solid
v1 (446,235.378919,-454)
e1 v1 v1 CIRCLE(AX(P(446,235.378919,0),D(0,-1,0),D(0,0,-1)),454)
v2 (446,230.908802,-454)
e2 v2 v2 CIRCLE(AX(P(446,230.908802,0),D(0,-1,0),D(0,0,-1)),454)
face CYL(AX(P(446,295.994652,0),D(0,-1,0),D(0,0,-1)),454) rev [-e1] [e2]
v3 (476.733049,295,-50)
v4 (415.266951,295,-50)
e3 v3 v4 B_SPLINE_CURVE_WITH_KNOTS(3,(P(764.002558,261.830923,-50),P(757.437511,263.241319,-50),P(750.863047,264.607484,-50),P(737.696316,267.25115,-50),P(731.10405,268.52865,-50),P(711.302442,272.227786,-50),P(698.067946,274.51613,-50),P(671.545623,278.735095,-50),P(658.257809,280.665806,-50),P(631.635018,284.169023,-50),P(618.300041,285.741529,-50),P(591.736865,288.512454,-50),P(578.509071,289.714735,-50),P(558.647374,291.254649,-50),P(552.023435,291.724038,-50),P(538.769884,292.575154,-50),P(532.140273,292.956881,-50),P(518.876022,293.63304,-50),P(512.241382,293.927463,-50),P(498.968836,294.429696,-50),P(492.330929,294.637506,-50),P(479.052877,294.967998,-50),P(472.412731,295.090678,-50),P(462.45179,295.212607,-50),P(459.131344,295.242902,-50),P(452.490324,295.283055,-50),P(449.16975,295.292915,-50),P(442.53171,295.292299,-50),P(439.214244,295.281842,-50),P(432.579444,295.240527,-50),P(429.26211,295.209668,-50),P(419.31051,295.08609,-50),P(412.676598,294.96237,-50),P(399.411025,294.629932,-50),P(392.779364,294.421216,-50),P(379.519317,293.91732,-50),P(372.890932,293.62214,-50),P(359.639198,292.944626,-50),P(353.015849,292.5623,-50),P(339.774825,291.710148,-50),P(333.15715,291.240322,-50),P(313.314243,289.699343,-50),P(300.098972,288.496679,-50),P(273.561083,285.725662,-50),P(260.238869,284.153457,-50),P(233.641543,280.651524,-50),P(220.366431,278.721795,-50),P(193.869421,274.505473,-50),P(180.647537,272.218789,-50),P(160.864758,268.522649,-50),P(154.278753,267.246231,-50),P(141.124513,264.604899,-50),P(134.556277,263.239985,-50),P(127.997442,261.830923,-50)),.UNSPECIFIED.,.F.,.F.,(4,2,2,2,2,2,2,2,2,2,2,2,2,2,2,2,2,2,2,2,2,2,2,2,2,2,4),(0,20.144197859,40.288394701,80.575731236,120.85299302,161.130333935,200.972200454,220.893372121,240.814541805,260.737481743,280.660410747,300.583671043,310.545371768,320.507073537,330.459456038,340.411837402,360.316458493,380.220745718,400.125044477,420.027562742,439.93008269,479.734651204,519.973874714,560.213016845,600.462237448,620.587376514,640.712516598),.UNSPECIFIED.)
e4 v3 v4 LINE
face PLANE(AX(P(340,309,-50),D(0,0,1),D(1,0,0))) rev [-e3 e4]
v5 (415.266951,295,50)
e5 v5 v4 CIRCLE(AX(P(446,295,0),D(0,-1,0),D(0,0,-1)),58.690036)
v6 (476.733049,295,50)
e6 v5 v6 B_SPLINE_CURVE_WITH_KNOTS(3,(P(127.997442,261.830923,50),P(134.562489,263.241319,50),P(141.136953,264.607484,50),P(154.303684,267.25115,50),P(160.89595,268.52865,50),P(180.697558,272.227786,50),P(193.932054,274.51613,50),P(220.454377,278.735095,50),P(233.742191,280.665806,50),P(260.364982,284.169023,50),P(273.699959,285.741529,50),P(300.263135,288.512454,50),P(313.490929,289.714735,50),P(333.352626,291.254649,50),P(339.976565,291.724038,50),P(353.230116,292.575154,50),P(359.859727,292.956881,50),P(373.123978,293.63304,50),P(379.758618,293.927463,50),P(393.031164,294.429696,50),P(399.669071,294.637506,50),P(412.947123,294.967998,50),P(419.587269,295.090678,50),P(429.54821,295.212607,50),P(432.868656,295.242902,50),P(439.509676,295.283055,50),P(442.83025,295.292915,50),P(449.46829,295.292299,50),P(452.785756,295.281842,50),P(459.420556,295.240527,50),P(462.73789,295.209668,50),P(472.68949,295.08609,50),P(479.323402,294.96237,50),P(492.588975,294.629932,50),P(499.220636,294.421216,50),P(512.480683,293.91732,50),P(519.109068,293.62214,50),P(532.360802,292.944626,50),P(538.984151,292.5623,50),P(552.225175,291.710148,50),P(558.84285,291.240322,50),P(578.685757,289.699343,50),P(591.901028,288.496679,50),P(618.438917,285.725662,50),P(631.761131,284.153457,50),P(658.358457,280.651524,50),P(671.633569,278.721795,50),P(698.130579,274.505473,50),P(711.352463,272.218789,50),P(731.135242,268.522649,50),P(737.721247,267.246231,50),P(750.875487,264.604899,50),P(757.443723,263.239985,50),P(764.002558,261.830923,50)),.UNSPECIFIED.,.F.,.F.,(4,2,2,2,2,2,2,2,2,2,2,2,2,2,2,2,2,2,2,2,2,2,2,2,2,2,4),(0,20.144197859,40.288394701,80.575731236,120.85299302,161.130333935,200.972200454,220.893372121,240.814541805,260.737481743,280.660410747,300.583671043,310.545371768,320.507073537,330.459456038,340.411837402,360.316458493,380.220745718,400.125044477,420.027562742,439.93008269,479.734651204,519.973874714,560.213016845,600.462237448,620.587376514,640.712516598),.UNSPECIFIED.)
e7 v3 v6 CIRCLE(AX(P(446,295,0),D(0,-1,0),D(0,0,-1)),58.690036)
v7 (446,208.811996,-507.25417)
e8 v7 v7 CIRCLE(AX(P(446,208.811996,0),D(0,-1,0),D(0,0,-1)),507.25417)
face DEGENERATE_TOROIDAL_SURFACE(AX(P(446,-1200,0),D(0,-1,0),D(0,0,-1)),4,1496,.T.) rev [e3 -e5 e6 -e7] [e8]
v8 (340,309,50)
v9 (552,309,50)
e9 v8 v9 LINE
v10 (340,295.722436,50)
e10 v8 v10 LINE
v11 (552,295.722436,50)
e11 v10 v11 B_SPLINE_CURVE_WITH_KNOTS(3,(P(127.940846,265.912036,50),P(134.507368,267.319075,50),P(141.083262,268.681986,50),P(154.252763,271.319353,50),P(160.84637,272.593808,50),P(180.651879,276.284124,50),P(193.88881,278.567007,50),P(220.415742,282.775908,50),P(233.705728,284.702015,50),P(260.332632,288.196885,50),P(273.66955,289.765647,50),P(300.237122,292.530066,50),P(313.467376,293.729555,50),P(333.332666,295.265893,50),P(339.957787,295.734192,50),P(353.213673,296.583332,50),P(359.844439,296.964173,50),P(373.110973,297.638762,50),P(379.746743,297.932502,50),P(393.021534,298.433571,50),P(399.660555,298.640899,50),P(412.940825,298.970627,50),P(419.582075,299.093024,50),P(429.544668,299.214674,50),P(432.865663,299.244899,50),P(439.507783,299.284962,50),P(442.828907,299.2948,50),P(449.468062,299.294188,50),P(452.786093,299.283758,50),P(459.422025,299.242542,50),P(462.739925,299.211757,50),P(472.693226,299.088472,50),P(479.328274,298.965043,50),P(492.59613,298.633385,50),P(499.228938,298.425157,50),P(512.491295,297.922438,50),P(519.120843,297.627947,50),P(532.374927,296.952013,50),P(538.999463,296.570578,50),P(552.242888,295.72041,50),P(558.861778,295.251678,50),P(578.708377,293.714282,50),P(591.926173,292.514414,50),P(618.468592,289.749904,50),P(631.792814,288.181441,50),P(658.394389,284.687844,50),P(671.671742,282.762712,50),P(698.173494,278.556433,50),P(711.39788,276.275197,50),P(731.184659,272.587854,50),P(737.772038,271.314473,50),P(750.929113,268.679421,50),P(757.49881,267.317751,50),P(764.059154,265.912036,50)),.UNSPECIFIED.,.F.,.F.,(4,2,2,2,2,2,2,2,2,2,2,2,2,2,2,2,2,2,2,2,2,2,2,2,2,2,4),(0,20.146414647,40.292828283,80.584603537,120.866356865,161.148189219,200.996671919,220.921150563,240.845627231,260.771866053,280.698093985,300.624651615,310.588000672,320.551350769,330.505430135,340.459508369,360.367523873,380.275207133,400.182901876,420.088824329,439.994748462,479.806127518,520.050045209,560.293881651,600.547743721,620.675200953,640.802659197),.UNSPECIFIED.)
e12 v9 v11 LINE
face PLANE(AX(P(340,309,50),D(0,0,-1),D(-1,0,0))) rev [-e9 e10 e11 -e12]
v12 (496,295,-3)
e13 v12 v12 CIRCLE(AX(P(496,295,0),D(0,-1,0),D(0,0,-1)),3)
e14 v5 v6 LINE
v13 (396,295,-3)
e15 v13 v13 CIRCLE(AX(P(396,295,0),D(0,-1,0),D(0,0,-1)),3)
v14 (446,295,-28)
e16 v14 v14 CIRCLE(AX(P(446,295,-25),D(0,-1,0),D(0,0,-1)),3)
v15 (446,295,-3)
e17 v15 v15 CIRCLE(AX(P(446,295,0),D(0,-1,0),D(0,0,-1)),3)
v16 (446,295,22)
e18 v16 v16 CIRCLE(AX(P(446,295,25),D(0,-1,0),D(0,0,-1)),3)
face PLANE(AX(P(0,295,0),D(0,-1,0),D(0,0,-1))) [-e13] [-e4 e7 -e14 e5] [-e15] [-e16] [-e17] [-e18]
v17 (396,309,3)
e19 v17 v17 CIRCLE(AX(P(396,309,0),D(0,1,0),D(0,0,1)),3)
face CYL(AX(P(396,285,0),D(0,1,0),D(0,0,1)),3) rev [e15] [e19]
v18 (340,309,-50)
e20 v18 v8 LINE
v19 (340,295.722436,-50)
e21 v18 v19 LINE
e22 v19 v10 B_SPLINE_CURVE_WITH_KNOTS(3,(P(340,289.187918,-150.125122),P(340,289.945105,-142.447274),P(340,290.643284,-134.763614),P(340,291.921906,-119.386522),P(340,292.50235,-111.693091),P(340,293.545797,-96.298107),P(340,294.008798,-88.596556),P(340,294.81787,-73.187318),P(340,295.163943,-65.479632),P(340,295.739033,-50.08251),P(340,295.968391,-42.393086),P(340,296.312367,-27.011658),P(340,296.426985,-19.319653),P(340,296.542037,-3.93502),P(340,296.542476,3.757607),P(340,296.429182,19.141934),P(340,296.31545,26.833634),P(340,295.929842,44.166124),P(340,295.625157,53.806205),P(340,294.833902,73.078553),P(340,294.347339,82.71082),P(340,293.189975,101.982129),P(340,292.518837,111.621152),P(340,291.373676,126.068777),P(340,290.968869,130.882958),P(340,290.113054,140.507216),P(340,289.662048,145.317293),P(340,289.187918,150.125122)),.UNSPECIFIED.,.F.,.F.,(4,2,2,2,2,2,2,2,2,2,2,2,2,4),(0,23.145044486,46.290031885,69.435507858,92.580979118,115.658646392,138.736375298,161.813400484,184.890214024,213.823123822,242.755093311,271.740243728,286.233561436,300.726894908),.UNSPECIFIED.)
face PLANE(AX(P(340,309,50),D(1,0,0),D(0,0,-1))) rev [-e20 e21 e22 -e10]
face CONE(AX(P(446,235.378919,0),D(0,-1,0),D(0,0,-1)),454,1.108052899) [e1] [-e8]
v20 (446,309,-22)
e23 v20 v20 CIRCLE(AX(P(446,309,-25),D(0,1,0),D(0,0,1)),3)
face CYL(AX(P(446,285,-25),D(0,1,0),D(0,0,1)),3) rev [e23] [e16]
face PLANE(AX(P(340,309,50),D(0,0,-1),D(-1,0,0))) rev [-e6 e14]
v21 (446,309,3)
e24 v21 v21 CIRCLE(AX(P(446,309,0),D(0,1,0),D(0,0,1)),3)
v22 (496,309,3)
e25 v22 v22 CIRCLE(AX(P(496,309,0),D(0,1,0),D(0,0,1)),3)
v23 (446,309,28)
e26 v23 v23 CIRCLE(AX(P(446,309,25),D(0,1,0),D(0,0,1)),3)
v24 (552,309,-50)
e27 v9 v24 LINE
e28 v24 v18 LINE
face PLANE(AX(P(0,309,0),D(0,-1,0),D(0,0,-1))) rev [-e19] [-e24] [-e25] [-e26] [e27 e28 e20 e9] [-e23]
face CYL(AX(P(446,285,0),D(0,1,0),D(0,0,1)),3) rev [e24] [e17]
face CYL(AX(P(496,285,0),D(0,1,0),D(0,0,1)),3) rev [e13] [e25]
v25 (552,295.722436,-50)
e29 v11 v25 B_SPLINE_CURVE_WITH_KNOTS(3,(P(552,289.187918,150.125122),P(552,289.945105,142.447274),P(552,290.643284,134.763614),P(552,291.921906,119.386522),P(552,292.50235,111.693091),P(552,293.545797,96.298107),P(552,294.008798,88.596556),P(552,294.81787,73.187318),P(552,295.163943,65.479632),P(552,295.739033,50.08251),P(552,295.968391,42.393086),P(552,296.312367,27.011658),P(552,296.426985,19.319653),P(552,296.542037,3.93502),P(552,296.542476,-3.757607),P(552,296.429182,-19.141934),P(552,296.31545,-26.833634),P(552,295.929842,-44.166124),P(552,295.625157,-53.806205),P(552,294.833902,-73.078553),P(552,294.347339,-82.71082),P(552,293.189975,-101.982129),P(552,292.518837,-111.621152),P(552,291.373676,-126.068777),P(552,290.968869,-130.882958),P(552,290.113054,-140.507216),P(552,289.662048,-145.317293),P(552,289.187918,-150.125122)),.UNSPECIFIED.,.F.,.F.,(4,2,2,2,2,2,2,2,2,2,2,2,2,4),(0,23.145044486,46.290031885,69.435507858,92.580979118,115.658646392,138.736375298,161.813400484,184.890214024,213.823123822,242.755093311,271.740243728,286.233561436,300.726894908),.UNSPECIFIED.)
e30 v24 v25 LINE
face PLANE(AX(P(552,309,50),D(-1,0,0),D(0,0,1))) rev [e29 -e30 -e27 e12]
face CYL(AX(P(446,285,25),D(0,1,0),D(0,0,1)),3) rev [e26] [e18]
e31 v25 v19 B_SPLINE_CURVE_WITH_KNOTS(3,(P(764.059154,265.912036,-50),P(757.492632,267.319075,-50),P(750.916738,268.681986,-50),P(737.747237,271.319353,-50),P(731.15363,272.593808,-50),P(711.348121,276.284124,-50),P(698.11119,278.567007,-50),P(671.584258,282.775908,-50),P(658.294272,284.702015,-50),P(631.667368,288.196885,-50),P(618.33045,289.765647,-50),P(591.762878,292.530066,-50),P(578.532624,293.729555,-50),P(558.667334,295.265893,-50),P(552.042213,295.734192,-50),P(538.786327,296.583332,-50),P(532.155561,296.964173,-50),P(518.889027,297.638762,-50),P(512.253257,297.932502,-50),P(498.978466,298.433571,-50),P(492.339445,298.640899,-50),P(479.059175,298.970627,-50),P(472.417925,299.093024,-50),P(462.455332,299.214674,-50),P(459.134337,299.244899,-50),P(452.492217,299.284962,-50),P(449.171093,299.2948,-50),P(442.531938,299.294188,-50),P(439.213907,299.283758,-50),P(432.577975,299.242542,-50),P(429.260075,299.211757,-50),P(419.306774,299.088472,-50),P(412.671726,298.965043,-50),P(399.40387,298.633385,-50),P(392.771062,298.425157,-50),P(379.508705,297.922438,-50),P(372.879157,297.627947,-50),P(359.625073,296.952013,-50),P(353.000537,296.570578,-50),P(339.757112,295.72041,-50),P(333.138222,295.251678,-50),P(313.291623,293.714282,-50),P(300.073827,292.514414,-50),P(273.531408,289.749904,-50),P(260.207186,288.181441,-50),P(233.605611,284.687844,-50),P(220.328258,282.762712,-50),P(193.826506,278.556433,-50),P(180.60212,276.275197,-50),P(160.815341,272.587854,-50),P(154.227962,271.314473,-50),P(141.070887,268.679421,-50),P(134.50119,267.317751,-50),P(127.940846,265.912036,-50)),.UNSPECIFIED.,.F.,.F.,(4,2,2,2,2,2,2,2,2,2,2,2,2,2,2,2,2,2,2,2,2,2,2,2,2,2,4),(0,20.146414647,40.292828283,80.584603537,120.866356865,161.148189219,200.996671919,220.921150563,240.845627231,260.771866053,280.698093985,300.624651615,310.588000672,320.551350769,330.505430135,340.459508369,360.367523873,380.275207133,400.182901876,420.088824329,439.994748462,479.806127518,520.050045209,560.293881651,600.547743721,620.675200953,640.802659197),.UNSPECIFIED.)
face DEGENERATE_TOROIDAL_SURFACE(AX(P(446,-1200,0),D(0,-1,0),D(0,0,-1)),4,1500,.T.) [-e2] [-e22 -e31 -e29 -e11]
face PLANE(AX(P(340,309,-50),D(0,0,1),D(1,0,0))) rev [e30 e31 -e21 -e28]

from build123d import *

# Parameters (mm, degrees)
SALIENTE_EXTRUIR4_START = 295
CROQUIS7_W              = 212
CROQUIS7_H              = 100
SALIENTE_EXTRUIR4_DEPTH = 14
CROQUIS8_R              = 3
CORTAR_EXTRUIR3_DEPTH   = 24


with BuildPart() as part:
    # Croquis1 → Revolución6 (revolve)
    with BuildSketch(Plane.XY, mode=Mode.PRIVATE) as revoluci_n6_sk:
        with BuildLine():
            Line((900, 235.378919011), (953.254169748, 208.811996198))
            ThreePointArc((953.254169748, 208.811996198), (703.404588333, 274.38194326), (446, 295.994652397))
            Line((446, 295.994652397), (446, 300))
            Line((446, 300), (450, 300))
            ThreePointArc((450, 300), (677.636548924, 282.626588725), (900, 230.908802125))
            Line((900, 230.908802125), (900, 235.378919011))
        make_face()
    revolve(revoluci_n6_sk.sketch.rotate(Axis((446, 295.994652397, 0), (0, 1, 0)), 90), axis=Axis((446, 295.994652397, 0), (0, 1, 0)))

    # Croquis7 → Saliente-Extruir4 (add)
    with BuildSketch(Plane(origin=(0, 0, 0), x_dir=(1, 0, 0), z_dir=(0, 1, 0)).offset(SALIENTE_EXTRUIR4_START)):
        with Locations((446, 0)):
            Rectangle(CROQUIS7_W, CROQUIS7_H)
    extrude(amount=SALIENTE_EXTRUIR4_DEPTH)

    # Croquis8 → Cortar-Extruir3 (cut)
    with BuildSketch(Plane(origin=(0, 309, 0), x_dir=(1, 0, 0), z_dir=(0, 1, 0))):
        with Locations(Location((446, 25, 0), (0, 0, 270))):
            Circle(CROQUIS8_R)
        with Locations(Location((496, 0, 0), (0, 0, 270))):
            Circle(CROQUIS8_R)
        with Locations(Location((446, -25, 0), (0, 0, 270))):
            Circle(CROQUIS8_R)
        with Locations(Location((446, 0, 0), (0, 0, 270))):
            Circle(CROQUIS8_R)
        with Locations(Location((396, 0, 0), (0, 0, 270))):
            Circle(CROQUIS8_R)
    extrude(amount=-CORTAR_EXTRUIR3_DEPTH, mode=Mode.SUBTRACT)


solid = part.part
